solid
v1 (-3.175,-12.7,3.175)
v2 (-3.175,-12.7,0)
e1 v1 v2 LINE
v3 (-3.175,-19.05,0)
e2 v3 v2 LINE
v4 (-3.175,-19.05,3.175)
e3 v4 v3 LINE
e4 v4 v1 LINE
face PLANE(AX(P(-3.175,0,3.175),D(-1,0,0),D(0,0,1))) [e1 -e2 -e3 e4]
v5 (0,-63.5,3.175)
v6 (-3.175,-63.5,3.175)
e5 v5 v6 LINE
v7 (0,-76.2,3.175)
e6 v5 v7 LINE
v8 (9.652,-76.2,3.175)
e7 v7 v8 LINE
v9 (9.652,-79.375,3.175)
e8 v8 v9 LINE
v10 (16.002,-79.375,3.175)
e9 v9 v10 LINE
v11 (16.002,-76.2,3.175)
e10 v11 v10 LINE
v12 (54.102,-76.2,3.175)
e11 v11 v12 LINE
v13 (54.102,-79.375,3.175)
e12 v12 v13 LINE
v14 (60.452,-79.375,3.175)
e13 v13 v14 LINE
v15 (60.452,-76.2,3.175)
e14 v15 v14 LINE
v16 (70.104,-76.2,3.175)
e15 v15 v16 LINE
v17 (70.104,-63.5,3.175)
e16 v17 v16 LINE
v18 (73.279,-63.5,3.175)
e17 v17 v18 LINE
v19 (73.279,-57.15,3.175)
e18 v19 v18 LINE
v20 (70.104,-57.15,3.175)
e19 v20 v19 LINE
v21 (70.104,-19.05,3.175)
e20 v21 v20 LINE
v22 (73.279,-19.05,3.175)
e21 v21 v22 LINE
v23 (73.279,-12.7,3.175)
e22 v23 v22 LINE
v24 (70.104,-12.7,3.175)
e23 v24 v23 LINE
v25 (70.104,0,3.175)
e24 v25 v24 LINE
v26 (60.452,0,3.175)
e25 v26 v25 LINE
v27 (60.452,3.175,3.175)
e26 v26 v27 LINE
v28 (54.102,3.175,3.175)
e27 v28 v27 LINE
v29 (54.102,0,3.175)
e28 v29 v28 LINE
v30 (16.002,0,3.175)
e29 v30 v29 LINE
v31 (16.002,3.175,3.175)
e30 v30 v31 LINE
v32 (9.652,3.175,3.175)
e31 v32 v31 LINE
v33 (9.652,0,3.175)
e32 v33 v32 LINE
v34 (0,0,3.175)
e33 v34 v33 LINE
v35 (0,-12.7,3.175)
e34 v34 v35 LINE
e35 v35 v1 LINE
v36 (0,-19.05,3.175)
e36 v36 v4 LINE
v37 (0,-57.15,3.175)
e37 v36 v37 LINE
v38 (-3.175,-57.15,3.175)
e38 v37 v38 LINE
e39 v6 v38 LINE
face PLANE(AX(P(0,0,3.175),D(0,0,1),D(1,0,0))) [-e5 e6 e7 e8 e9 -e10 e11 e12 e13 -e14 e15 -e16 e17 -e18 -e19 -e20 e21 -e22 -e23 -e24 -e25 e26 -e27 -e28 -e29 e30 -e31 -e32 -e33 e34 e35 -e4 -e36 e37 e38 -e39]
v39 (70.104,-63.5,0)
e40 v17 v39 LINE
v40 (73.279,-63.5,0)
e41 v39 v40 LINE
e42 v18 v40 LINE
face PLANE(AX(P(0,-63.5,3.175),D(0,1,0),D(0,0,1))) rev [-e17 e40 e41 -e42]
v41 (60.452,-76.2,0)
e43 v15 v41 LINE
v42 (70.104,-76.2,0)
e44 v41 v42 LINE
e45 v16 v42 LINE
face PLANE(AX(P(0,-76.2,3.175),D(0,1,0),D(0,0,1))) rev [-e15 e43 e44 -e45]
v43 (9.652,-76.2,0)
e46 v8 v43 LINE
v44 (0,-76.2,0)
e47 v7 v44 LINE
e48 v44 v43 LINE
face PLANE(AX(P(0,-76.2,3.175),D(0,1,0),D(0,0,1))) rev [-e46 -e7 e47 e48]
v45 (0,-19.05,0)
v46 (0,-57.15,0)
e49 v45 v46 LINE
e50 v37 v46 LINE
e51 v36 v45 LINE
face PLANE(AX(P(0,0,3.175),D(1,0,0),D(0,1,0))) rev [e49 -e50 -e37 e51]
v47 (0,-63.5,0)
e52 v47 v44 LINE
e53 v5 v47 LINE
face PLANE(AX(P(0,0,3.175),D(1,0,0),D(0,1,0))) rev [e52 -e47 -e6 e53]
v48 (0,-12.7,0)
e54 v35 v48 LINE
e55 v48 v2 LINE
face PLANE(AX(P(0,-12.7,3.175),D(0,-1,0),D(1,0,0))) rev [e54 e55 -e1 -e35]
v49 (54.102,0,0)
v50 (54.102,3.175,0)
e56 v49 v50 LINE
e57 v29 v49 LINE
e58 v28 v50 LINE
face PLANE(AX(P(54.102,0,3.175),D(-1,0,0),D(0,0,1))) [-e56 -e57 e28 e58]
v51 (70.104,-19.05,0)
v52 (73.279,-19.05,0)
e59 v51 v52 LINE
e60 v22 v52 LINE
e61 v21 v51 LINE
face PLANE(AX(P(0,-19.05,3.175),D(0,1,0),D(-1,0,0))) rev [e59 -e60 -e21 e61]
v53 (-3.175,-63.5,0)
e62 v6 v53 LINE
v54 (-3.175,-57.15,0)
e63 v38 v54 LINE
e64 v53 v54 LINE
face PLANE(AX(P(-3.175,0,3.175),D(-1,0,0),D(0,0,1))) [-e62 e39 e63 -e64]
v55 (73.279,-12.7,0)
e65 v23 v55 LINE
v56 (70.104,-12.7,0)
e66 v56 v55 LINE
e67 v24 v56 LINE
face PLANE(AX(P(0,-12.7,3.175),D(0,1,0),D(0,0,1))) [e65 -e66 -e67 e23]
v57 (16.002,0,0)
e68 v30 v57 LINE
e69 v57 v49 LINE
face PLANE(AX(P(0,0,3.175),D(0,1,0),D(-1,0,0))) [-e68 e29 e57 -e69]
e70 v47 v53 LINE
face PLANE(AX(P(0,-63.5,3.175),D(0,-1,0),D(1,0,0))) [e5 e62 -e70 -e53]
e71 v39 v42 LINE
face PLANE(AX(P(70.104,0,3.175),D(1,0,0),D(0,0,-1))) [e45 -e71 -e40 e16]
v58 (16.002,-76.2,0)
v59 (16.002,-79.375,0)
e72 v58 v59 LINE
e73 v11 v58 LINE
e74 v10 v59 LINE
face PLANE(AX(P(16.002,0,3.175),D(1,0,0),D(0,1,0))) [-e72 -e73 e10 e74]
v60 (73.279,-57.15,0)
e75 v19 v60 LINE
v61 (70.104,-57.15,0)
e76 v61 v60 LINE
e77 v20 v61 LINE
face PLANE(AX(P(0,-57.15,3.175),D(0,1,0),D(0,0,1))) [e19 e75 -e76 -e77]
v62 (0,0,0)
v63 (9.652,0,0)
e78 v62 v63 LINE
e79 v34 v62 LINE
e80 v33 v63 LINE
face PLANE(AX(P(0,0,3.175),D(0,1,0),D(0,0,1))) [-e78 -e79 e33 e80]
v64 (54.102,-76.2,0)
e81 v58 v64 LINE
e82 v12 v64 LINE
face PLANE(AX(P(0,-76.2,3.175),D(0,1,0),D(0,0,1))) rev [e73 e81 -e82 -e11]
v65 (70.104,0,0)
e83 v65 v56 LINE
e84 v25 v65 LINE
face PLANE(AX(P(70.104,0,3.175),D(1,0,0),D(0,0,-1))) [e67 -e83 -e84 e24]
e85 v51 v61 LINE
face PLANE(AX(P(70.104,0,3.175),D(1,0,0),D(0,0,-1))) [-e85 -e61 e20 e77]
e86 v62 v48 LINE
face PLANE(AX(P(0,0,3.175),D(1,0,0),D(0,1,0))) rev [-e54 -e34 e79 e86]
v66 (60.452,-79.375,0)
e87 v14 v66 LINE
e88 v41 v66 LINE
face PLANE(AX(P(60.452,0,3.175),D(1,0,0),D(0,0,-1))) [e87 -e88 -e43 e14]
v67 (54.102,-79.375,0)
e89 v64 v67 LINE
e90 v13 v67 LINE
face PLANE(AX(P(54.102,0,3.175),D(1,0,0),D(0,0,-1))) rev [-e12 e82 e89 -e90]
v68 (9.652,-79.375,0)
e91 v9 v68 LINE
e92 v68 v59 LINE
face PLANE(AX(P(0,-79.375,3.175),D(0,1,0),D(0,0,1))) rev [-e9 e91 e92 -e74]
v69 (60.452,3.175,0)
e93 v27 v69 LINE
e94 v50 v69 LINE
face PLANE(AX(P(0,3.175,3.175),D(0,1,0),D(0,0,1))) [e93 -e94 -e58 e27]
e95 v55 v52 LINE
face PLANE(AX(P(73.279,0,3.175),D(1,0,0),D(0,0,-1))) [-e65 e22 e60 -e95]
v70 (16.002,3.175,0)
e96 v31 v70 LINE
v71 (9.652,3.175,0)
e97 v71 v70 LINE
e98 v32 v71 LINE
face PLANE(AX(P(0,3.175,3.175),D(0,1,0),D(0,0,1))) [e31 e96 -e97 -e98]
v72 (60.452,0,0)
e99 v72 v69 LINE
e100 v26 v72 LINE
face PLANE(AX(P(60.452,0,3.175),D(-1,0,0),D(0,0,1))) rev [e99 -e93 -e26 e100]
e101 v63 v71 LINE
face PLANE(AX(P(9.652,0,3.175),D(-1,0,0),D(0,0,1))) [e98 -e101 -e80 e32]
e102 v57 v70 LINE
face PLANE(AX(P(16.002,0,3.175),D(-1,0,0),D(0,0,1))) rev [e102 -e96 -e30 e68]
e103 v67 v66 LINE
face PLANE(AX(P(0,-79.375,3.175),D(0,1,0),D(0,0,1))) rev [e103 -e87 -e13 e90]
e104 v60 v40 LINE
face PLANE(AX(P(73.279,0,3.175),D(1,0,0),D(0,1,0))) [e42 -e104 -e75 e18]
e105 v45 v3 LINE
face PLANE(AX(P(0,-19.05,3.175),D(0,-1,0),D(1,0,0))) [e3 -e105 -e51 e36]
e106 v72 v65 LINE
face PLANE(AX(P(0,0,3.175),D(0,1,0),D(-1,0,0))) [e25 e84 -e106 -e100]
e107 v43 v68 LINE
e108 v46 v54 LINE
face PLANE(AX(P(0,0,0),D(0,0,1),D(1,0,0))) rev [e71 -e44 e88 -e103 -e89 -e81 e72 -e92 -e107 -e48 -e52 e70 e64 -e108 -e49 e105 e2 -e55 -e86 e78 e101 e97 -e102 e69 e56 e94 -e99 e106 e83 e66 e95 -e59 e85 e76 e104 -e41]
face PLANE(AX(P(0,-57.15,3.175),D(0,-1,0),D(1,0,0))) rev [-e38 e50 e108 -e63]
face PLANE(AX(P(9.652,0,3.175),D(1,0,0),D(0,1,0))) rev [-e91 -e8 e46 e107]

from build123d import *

# Parameters (mm, degrees)
BOSS_EXTRUDE1_DEPTH = 3.175


with BuildPart() as part:
    # Sketch1 → Boss-Extrude1 (new body)
    with BuildSketch(Plane.XY):
        Polygon((16.002, 0), (54.102, 0), (54.102, 3.175), (60.452, 3.175), (60.452, 0), (70.104, 0), (70.104, -12.7), (73.279, -12.7), (73.279, -19.05), (70.104, -19.05), (70.104, -57.15), (73.279, -57.15), (73.279, -63.5), (70.104, -63.5), (70.104, -76.2), (60.452, -76.2), (60.452, -79.375), (54.102, -79.375), (54.102, -76.2), (16.002, -76.2), (16.002, -79.375), (9.652, -79.375), (9.652, -76.2), (0, -76.2), (0, -63.5), (-3.175, -63.5), (-3.175, -57.15), (0, -57.15), (0, -19.05), (-3.175, -19.05), (-3.175, -12.7), (0, -12.7), (0, 0), (9.652, 0), (9.652, 3.175), (16.002, 3.175), align=None)
    extrude(amount=BOSS_EXTRUDE1_DEPTH)


solid = part.part
